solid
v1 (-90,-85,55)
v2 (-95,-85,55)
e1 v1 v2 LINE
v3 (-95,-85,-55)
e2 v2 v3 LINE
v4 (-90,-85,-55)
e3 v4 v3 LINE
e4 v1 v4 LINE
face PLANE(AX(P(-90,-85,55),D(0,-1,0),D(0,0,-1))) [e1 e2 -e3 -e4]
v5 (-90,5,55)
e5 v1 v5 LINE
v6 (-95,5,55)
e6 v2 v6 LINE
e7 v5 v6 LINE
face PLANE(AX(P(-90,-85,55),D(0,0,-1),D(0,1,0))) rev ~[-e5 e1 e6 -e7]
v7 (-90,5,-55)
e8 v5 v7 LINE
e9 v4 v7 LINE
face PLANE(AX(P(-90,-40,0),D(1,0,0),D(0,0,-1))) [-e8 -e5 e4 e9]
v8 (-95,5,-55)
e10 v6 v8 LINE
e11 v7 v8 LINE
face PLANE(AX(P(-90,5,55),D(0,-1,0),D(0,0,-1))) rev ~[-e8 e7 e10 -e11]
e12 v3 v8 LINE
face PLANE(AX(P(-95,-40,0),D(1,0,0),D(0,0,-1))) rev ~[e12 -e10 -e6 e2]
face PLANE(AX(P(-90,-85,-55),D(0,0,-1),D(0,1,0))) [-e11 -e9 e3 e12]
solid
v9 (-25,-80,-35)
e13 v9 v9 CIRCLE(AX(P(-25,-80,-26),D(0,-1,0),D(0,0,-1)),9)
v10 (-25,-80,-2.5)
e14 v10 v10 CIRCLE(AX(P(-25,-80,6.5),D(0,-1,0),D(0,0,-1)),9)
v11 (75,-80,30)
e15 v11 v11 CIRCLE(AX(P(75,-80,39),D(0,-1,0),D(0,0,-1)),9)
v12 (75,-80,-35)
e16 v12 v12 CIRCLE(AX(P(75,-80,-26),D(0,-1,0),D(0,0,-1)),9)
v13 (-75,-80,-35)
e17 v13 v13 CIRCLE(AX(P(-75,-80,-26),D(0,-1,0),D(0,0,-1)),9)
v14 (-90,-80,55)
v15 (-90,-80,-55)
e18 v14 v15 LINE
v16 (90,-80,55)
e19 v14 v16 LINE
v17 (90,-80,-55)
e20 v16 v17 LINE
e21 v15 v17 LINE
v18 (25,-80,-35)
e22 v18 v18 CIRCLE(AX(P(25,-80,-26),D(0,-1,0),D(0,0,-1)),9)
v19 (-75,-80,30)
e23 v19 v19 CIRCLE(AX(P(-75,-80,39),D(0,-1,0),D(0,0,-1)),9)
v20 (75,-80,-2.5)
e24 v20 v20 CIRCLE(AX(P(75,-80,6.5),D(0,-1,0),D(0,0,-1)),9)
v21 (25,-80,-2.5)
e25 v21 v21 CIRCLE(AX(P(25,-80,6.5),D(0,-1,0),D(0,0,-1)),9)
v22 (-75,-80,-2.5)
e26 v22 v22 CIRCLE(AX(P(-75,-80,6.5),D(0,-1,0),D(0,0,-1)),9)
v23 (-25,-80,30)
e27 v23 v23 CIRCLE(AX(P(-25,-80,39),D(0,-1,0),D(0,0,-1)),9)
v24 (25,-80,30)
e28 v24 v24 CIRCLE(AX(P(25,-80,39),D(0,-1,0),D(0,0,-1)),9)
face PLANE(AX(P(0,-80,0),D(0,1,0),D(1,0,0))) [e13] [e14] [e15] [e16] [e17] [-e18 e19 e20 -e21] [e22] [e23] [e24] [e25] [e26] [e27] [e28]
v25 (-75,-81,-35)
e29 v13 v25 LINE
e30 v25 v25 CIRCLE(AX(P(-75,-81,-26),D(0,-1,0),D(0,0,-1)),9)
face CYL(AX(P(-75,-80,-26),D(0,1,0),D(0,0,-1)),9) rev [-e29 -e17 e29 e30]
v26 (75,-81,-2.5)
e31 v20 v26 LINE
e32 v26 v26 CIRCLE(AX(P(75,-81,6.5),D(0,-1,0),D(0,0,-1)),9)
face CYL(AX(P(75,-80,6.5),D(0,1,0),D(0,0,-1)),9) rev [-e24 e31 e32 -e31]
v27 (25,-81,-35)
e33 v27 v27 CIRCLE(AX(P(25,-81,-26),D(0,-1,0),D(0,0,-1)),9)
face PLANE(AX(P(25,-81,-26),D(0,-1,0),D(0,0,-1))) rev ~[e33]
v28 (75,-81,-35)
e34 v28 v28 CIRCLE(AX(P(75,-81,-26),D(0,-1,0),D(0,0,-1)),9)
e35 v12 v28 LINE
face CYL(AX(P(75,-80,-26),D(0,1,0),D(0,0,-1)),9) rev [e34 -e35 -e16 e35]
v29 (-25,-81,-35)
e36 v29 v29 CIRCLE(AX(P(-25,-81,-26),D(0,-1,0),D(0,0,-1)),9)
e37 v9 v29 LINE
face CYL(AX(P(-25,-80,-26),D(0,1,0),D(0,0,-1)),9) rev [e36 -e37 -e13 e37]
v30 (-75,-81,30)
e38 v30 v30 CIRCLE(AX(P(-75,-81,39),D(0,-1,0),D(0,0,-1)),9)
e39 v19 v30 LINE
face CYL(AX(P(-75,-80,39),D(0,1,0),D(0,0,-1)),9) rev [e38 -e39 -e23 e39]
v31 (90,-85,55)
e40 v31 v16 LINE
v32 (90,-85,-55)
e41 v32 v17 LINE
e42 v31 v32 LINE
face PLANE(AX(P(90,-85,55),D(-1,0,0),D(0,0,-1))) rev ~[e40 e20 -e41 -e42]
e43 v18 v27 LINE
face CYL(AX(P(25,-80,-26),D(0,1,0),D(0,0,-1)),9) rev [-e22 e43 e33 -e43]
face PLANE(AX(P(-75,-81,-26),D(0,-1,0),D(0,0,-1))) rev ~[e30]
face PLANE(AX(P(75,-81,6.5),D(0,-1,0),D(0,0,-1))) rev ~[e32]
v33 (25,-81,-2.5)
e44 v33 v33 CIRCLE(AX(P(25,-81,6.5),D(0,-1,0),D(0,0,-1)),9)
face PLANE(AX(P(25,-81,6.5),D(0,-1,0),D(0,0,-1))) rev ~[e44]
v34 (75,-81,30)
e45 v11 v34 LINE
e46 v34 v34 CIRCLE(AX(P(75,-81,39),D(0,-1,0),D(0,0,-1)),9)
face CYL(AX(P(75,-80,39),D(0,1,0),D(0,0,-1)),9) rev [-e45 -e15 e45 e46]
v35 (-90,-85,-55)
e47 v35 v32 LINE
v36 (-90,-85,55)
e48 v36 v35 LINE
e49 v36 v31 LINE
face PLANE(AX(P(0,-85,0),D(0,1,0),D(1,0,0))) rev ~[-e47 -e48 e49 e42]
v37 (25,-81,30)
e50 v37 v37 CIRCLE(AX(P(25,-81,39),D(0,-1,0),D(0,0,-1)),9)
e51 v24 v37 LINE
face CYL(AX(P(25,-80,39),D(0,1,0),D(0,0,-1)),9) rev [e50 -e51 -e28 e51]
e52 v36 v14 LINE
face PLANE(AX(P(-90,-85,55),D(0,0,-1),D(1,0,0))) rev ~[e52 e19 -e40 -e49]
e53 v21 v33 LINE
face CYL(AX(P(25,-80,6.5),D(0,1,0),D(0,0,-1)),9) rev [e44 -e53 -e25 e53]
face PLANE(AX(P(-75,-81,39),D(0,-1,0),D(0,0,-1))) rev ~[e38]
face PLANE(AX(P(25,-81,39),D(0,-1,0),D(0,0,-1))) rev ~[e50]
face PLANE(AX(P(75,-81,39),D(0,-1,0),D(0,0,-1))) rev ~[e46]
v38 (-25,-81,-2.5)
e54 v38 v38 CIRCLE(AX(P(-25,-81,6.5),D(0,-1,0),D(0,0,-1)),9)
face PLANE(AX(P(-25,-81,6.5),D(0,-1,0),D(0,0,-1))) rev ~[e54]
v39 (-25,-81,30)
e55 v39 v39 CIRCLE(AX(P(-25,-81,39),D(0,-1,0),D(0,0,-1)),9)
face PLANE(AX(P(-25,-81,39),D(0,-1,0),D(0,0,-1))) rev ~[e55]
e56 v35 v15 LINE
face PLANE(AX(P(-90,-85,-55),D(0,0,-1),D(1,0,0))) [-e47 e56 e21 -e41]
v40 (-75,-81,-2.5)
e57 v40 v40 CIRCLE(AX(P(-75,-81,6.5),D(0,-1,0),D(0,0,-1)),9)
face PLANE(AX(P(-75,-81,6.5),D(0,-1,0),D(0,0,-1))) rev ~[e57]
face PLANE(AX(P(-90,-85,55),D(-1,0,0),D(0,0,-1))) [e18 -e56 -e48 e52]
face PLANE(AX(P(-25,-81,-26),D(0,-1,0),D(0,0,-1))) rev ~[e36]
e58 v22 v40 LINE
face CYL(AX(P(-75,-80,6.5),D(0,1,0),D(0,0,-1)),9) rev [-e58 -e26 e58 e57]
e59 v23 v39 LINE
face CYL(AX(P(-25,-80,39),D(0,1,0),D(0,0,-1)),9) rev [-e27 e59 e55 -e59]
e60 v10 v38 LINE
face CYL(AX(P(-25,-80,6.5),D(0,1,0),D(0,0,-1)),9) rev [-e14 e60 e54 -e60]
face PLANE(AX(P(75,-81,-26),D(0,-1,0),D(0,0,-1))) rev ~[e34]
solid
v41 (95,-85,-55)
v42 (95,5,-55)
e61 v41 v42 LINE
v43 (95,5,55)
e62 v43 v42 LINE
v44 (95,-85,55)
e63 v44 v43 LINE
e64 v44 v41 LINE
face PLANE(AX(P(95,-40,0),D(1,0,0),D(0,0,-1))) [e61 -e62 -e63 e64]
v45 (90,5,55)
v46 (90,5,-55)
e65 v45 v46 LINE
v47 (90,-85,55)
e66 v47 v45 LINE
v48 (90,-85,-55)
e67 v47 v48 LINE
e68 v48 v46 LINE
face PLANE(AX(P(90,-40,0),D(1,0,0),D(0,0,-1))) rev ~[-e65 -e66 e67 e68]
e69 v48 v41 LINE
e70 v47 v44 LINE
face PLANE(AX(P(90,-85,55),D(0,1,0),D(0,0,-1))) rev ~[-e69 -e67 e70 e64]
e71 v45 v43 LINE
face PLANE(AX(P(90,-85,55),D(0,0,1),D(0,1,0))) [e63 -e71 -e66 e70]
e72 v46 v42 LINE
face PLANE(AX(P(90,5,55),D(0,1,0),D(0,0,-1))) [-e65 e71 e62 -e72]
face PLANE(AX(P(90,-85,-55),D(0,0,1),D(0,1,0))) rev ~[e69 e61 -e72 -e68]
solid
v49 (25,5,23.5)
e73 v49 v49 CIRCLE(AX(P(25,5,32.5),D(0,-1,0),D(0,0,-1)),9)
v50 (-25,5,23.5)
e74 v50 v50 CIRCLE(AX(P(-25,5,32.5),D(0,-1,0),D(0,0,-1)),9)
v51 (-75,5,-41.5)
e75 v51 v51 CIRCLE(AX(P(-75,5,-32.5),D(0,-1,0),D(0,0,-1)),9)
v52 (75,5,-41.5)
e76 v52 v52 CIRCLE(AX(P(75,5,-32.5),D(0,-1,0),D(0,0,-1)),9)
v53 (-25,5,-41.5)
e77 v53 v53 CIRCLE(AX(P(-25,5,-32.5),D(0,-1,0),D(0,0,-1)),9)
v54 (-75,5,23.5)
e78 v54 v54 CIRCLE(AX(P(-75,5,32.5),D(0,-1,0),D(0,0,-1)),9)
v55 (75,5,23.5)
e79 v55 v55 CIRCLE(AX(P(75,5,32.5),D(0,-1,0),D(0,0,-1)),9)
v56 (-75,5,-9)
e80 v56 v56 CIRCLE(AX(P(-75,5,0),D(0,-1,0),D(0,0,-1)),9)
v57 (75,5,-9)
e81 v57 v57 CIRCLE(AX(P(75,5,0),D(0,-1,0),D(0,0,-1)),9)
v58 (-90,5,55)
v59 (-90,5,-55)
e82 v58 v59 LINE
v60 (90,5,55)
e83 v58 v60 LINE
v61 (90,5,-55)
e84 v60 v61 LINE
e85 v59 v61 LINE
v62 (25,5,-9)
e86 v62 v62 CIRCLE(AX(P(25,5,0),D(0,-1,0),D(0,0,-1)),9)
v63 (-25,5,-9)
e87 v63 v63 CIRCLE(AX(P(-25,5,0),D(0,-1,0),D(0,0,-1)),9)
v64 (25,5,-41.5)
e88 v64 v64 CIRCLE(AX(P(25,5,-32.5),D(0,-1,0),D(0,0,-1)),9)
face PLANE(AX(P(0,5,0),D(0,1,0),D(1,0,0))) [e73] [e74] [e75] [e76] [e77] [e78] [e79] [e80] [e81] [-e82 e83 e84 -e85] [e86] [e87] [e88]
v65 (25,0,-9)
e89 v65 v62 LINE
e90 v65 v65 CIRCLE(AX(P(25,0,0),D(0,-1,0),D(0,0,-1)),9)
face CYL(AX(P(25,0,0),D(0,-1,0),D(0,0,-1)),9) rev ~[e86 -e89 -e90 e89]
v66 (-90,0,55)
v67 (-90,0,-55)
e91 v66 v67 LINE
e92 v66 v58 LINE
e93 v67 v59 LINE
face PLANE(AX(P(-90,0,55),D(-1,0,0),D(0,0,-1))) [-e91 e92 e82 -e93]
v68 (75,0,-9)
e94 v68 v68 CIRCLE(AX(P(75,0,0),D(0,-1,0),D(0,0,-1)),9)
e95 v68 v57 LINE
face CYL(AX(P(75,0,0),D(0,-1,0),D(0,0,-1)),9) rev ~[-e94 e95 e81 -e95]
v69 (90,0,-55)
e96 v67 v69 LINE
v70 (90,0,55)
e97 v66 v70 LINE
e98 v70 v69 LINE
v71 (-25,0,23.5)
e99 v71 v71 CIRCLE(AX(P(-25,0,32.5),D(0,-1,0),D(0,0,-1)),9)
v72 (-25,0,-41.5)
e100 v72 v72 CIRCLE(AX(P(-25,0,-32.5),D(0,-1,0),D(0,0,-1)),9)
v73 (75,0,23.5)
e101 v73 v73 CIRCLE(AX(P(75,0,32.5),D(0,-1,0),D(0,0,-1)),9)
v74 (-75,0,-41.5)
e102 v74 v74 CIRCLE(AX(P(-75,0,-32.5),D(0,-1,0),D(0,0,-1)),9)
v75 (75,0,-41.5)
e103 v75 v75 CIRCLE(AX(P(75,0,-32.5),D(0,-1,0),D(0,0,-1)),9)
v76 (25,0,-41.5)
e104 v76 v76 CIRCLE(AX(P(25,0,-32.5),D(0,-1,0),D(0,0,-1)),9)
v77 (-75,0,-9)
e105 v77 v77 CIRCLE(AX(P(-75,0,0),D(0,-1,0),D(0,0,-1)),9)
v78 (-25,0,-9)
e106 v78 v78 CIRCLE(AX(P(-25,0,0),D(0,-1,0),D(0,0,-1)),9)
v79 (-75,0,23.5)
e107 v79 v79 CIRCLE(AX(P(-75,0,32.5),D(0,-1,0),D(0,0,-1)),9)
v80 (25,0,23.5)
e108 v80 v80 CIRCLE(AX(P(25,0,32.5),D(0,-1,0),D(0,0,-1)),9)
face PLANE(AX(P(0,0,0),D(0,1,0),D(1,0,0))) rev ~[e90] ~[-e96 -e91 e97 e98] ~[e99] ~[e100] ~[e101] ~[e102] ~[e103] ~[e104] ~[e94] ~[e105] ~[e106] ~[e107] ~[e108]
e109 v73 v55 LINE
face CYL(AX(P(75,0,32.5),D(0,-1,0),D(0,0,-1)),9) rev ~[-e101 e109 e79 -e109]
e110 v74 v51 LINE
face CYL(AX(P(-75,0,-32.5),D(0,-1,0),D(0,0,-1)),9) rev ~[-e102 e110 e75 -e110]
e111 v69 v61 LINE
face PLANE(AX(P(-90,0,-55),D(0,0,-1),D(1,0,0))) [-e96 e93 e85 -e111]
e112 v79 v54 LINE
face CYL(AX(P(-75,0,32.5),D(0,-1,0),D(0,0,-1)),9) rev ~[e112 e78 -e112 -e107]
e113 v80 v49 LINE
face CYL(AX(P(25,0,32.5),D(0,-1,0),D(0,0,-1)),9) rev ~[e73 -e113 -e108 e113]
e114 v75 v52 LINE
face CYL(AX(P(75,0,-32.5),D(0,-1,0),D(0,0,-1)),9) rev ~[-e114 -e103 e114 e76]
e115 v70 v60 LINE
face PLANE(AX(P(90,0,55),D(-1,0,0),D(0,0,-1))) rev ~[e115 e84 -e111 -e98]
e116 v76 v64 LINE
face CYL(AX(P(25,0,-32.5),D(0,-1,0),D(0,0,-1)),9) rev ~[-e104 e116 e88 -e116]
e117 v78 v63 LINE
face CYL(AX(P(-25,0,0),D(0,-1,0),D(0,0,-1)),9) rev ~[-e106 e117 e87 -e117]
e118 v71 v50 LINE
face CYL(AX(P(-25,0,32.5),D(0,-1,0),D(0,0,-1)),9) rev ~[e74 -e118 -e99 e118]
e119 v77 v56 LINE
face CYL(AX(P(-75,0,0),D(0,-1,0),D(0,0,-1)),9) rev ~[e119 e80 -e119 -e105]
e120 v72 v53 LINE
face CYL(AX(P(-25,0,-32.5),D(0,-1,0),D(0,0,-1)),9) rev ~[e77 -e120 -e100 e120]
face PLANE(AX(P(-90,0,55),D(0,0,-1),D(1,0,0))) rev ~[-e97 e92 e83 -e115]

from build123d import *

# Parameters (mm, degrees)
SKETCH_1_W          = 180
SKETCH_1_H          = 110
EXTRUDE_1_DEPTH     = 5
SKETCH_2_R          = 9
CUT_EXTRUDE_4_DEPTH = 106.59356041
SKETCH_8_W          = 110
SKETCH_8_H          = 90
EXTRUDE_2_DEPTH     = 5
EXTRUDE_START       = -180
SKETCH_8_2_W        = 110
SKETCH_8_2_H        = 90
EXTRUDE_3_DEPTH     = 5
EXTRUDE_START_2     = -85
SKETCH_1_2_W        = 180
SKETCH_1_2_H        = 110
EXTRUDE_4_DEPTH     = 5
SKETCH_11_R         = 9
CUT_EXTRUDE_5_DEPTH = 1


with BuildPart() as part:
    # 草圖1 → 填料-伸長1 (new body)
    with BuildSketch(Plane(origin=(0, 0, 0), x_dir=(1, 0, 0), z_dir=(0, 1, 0))):
        Rectangle(SKETCH_1_W, SKETCH_1_H)
    extrude(amount=EXTRUDE_1_DEPTH)

    # 草圖2 → 除料-伸長4 (cut, through all)
    with BuildSketch(Plane.XZ):
        with Locations(Location((-75, 0, 0), (0, 0, 270))):
            Circle(SKETCH_2_R)
        with Locations(Location((-75, -32.5, 0), (0, 0, 270))):
            Circle(SKETCH_2_R)
        with Locations(Location((-75, 32.5, 0), (0, 0, 270))):
            Circle(SKETCH_2_R)
        with Locations(Location((-25, 32.5, 0), (0, 0, 270))):
            Circle(SKETCH_2_R)
        with Locations(Location((-25, 0, 0), (0, 0, 270))):
            Circle(SKETCH_2_R)
        with Locations(Location((-25, -32.5, 0), (0, 0, 270))):
            Circle(SKETCH_2_R)
        with Locations(Location((25, 32.5, 0), (0, 0, 270))):
            Circle(SKETCH_2_R)
        with Locations(Location((25, 0, 0), (0, 0, 270))):
            Circle(SKETCH_2_R)
        with Locations(Location((25, -32.5, 0), (0, 0, 270))):
            Circle(SKETCH_2_R)
        with Locations(Location((75, 32.5, 0), (0, 0, 270))):
            Circle(SKETCH_2_R)
        with Locations(Location((75, 0, 0), (0, 0, 270))):
            Circle(SKETCH_2_R)
        with Locations(Location((75, -32.5, 0), (0, 0, 270))):
            Circle(SKETCH_2_R)
    extrude(amount=-CUT_EXTRUDE_4_DEPTH, mode=Mode.SUBTRACT)


with BuildPart() as body_2:
    # 草圖8 → 填料-伸長2 (new body)
    with BuildSketch(Plane(origin=(90, 0, 0), x_dir=(0, 0, -1), z_dir=(1, 0, 0))):
        with Locations((0, -40)):
            Rectangle(SKETCH_8_W, SKETCH_8_H)
    extrude(amount=EXTRUDE_2_DEPTH)


with BuildPart() as body_3:
    # 草圖8<2> → 填料-伸長3 (new body)
    with BuildSketch(Plane(origin=(90, 0, 0), x_dir=(0, 0, -1), z_dir=(1, 0, 0)).offset(EXTRUDE_START)):
        with Locations((0, -40)):
            Rectangle(SKETCH_8_2_W, SKETCH_8_2_H)
    extrude(amount=-EXTRUDE_3_DEPTH)


with BuildPart() as body_4:
    # 草圖1<2> → 填料-伸長4 (new body)
    with BuildSketch(Plane(origin=(0, 0, 0), x_dir=(1, 0, 0), z_dir=(0, 1, 0)).offset(EXTRUDE_START_2)):
        Rectangle(SKETCH_1_2_W, SKETCH_1_2_H)
    extrude(amount=EXTRUDE_4_DEPTH)

    # 草圖11 → 除料-伸長5 (cut)
    with BuildSketch(Plane(origin=(0, -80, 6.5), x_dir=(1, 0, 0), z_dir=(0, -1, 0))):
        with Locations(Location((-75, 0, 0), (0, 0, 270))):
            Circle(SKETCH_11_R)
        with Locations(Location((-75, -32.5, 0), (0, 0, 270))):
            Circle(SKETCH_11_R)
        with Locations(Location((-75, 32.5, 0), (0, 0, 270))):
            Circle(SKETCH_11_R)
        with Locations(Location((-25, 32.5, 0), (0, 0, 270))):
            Circle(SKETCH_11_R)
        with Locations(Location((-25, 0, 0), (0, 0, 270))):
            Circle(SKETCH_11_R)
        with Locations(Location((-25, -32.5, 0), (0, 0, 270))):
            Circle(SKETCH_11_R)
        with Locations(Location((25, 32.5, 0), (0, 0, 270))):
            Circle(SKETCH_11_R)
        with Locations(Location((25, 0, 0), (0, 0, 270))):
            Circle(SKETCH_11_R)
        with Locations(Location((25, -32.5, 0), (0, 0, 270))):
            Circle(SKETCH_11_R)
        with Locations(Location((75, 32.5, 0), (0, 0, 270))):
            Circle(SKETCH_11_R)
        with Locations(Location((75, 0, 0), (0, 0, 270))):
            Circle(SKETCH_11_R)
        with Locations(Location((75, -32.5, 0), (0, 0, 270))):
            Circle(SKETCH_11_R)
    extrude(amount=CUT_EXTRUDE_5_DEPTH, mode=Mode.SUBTRACT)


solid = Compound([part.part, body_2.part, body_3.part, body_4.part])
